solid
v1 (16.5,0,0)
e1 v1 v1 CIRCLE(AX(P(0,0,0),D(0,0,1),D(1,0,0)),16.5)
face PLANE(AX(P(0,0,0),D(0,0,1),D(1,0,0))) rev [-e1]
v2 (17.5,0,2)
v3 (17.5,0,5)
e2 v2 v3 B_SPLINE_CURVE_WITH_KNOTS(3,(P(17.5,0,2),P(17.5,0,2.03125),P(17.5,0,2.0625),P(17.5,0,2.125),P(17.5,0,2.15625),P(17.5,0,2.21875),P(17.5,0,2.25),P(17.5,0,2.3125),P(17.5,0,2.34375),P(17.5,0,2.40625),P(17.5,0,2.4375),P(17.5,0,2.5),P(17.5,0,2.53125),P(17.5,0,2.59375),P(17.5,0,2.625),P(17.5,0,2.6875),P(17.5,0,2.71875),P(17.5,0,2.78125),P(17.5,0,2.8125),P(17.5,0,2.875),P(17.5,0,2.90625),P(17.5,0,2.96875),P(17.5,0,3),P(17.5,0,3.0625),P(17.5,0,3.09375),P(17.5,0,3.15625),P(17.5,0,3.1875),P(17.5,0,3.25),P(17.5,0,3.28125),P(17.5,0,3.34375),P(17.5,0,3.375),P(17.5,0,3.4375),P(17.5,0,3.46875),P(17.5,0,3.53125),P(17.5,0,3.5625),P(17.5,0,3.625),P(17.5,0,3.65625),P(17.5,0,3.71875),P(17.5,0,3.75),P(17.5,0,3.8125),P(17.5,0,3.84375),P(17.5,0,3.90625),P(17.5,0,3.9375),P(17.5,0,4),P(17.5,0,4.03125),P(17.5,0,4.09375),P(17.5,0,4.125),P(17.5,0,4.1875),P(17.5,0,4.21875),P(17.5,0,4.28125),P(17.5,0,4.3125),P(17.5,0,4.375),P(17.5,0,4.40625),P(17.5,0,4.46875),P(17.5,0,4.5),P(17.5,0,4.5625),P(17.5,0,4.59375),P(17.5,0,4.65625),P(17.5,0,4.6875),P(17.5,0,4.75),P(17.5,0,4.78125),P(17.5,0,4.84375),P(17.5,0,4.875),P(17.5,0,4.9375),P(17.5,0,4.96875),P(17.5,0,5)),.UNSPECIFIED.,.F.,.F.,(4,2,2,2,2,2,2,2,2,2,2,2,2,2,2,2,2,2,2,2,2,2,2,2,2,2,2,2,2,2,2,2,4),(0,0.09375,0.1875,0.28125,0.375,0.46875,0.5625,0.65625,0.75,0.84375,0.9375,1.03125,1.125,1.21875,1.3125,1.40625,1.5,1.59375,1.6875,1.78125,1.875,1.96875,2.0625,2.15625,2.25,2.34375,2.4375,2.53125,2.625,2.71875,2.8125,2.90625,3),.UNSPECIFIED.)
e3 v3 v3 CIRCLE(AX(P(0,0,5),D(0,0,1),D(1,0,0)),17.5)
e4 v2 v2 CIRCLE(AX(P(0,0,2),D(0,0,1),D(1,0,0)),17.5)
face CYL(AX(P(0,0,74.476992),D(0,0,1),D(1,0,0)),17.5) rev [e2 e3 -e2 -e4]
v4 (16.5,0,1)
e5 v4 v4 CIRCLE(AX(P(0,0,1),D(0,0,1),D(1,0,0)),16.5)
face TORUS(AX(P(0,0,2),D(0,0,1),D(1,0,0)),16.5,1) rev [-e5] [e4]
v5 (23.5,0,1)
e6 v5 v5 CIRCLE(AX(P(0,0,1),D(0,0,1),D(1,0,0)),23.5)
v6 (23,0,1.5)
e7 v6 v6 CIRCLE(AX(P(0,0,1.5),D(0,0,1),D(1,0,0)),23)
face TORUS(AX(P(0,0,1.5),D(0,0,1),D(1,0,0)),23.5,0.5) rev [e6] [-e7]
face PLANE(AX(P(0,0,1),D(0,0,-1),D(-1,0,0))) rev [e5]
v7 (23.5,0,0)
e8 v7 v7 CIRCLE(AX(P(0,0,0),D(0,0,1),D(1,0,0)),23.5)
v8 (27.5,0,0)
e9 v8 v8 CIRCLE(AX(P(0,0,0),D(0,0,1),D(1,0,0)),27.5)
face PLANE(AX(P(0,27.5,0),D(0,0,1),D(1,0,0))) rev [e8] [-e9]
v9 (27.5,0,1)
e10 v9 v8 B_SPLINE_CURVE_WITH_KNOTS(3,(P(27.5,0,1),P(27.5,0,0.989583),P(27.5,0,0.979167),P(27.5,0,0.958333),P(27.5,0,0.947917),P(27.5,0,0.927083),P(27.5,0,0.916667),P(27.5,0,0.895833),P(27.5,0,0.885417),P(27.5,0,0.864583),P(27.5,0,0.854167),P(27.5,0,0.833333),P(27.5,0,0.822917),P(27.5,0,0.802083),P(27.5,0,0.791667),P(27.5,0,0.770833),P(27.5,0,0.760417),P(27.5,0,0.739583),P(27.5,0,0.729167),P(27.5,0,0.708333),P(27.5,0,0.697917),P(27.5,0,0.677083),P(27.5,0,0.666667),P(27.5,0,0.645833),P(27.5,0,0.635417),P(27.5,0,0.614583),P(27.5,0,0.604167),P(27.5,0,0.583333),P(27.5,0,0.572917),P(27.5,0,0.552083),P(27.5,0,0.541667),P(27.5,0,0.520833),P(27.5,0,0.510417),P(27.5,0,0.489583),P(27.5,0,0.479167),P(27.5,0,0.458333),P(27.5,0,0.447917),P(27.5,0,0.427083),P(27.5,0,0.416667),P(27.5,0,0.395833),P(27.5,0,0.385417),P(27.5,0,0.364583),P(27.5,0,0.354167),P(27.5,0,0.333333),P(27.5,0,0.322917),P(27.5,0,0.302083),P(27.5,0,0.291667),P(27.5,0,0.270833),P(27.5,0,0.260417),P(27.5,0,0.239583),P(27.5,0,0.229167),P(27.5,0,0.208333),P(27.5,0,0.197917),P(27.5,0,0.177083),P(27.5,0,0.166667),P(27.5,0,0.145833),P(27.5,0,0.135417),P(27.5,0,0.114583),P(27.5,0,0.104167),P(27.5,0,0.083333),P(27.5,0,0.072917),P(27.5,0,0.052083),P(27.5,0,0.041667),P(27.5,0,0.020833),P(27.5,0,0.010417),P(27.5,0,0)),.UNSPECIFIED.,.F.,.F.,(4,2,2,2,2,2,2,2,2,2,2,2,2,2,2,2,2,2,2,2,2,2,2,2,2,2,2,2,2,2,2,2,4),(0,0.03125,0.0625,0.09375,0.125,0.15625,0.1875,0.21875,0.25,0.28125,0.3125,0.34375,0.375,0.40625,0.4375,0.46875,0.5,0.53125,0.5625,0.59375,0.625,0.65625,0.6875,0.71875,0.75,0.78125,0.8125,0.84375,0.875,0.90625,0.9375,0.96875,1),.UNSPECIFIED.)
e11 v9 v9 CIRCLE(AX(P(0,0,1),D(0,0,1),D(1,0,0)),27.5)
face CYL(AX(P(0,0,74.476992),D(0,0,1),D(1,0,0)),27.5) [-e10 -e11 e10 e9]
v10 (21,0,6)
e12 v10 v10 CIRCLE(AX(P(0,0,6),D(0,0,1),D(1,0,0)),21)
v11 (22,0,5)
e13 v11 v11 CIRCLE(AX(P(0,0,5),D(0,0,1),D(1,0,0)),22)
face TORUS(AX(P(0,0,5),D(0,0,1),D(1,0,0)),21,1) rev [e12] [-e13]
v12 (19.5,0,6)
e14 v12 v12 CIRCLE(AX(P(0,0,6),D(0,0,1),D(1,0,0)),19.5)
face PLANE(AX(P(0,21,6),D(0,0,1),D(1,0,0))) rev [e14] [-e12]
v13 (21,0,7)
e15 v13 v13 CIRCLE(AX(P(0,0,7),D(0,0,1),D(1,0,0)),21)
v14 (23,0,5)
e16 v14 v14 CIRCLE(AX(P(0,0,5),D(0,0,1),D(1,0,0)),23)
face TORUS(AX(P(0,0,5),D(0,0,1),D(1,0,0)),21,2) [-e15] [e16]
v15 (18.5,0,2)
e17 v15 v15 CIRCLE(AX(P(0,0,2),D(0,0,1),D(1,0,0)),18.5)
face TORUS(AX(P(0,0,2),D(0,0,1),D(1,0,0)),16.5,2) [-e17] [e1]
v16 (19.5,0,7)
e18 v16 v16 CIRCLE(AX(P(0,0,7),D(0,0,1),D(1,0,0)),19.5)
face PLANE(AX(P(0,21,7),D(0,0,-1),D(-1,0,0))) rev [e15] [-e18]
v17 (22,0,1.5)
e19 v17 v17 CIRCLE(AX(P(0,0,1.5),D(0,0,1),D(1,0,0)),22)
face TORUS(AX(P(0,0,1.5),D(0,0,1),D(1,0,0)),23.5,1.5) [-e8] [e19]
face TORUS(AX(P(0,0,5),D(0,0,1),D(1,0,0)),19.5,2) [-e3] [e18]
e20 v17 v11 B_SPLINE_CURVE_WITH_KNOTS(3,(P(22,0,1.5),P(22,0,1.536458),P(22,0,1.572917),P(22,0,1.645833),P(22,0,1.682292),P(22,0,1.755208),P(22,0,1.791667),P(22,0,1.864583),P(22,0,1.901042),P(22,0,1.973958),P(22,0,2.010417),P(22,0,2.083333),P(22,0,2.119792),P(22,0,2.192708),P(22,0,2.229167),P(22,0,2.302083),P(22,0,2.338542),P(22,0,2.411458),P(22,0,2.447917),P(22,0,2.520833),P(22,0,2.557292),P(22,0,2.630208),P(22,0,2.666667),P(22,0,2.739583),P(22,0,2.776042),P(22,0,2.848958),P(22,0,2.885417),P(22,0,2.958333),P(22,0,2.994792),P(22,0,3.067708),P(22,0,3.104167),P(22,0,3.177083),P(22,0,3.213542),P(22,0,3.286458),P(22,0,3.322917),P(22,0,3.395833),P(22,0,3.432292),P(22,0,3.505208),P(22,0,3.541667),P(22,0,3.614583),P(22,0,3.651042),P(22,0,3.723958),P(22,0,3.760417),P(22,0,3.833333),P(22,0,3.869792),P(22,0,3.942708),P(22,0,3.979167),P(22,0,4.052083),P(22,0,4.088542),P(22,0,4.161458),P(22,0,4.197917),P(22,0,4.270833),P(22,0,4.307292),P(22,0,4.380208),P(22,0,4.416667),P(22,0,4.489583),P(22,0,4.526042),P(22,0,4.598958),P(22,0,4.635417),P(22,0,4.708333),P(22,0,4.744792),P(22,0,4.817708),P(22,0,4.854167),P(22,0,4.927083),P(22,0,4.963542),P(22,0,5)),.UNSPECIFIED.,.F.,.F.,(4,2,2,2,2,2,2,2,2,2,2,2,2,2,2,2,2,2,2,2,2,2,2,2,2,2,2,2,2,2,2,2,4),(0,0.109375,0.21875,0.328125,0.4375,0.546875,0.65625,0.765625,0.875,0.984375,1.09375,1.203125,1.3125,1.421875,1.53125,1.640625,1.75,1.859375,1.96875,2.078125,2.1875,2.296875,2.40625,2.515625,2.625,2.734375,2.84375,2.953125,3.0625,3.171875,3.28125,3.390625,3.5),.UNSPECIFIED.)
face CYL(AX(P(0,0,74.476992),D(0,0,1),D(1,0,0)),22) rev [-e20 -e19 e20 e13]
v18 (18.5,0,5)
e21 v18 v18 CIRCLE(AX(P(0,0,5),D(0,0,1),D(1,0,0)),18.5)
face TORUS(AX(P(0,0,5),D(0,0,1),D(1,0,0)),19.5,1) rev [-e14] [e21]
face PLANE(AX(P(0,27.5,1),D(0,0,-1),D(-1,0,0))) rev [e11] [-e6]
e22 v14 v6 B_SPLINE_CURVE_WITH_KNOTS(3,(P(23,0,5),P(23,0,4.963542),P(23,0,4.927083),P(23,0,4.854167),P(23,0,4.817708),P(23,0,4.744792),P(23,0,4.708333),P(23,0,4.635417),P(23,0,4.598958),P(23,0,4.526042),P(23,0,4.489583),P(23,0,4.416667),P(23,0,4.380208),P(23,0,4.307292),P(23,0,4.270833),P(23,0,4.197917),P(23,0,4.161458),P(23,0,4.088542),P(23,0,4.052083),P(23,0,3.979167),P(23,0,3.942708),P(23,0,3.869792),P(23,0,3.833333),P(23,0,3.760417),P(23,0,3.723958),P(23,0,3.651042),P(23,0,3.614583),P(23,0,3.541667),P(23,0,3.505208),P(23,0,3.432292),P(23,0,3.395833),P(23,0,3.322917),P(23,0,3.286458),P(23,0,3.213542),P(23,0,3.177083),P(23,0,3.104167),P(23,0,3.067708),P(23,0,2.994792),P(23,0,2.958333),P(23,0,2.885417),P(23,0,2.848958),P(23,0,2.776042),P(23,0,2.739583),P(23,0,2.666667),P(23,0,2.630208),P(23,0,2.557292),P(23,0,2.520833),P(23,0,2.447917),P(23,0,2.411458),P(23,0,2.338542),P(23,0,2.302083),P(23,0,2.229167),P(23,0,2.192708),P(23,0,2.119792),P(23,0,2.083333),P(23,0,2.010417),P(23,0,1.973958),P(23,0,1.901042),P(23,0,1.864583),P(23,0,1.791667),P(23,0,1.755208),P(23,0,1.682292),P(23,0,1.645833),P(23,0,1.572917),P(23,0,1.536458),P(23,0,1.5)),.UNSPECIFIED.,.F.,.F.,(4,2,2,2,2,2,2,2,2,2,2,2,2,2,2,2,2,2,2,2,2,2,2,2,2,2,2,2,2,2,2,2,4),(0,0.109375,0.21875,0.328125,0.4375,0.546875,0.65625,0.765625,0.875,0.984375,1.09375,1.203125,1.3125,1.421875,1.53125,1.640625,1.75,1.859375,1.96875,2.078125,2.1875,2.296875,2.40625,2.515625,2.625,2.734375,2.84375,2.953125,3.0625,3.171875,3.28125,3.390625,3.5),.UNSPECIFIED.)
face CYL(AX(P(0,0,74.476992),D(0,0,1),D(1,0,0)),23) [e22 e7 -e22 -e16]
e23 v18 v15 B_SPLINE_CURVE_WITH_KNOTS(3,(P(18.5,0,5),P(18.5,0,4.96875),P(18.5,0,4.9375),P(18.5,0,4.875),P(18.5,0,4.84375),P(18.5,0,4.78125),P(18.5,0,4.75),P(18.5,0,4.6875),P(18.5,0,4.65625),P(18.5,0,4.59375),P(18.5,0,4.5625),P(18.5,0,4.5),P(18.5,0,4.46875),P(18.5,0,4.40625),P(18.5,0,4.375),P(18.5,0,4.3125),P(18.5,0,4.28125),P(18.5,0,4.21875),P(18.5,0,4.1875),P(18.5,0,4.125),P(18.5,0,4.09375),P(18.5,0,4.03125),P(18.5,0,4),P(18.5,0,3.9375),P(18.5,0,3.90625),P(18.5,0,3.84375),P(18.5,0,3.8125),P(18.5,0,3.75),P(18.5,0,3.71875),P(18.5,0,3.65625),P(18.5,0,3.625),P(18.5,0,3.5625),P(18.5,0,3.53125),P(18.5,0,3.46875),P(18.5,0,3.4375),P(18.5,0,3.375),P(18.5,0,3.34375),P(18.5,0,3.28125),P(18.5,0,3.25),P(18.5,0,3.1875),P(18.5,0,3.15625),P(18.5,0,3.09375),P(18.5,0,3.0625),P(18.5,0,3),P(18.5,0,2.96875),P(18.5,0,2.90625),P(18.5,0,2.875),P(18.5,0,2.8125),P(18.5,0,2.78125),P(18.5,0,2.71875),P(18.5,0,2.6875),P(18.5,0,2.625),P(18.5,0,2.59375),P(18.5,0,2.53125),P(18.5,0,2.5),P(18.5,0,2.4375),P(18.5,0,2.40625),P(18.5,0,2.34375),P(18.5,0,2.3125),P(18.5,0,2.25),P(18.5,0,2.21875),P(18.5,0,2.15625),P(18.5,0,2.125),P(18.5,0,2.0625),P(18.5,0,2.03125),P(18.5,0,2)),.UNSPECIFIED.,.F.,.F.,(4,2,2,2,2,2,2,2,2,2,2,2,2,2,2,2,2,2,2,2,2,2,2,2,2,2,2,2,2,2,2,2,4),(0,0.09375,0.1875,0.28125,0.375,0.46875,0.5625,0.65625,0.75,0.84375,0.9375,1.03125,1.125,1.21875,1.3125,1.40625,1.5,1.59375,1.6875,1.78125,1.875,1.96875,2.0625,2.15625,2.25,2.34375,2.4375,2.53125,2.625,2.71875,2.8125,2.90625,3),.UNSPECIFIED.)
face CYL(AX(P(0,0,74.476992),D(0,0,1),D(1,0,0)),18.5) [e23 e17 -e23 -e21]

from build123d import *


with BuildPart() as part:
    # Croquis1 → Revolución1 (revolve)
    with BuildSketch(Plane(origin=(0, 0, 0), x_dir=(0, 0, -1), z_dir=(1, 0, 0)), mode=Mode.PRIVATE) as revoluci_n1_sk:
        with BuildLine():
            Line((-1, 27.5), (-1, 23.5))
            ThreePointArc((-1, 23.5), (-1.146446609, 23.146446609), (-1.5, 23))
            Line((-1.5, 23), (-5, 23))
            ThreePointArc((-5, 23), (-6.414213562, 22.414213562), (-7, 21))
            Line((-7, 21), (-7, 19.5))
            ThreePointArc((-7, 19.5), (-6.414213562, 18.085786438), (-5, 17.5))
            Line((-5, 17.5), (-2, 17.5))
            ThreePointArc((-2, 17.5), (-1.292893219, 17.207106781), (-1, 16.5))
            Line((-1, 16.5), (-1, 0))
            Line((-1, 0), (1.5e-08, 0))
            Line((1.5e-08, 0), (0, 16.5))
            ThreePointArc((0, 16.5), (-0.585786438, 17.914213562), (-2, 18.5))
            Line((-2, 18.5), (-5, 18.5))
            ThreePointArc((-5, 18.5), (-5.707106781, 18.792893219), (-6, 19.5))
            Line((-6, 19.5), (-6, 21))
            ThreePointArc((-6, 21), (-5.707106781, 21.707106781), (-5, 22))
            Line((-5, 22), (-1.5, 22))
            ThreePointArc((-1.5, 22), (-0.439339828, 22.439339828), (0, 23.5))
            Line((0, 23.5), (0, 27.5))
            Line((0, 27.5), (-1, 27.5))
        make_face()
    revolve(revoluci_n1_sk.sketch.rotate(Axis((0, 0, 74.476992057), (0, 0, -1)), 90), axis=Axis((0, 0, 74.476992057), (0, 0, -1)))


solid = part.part
